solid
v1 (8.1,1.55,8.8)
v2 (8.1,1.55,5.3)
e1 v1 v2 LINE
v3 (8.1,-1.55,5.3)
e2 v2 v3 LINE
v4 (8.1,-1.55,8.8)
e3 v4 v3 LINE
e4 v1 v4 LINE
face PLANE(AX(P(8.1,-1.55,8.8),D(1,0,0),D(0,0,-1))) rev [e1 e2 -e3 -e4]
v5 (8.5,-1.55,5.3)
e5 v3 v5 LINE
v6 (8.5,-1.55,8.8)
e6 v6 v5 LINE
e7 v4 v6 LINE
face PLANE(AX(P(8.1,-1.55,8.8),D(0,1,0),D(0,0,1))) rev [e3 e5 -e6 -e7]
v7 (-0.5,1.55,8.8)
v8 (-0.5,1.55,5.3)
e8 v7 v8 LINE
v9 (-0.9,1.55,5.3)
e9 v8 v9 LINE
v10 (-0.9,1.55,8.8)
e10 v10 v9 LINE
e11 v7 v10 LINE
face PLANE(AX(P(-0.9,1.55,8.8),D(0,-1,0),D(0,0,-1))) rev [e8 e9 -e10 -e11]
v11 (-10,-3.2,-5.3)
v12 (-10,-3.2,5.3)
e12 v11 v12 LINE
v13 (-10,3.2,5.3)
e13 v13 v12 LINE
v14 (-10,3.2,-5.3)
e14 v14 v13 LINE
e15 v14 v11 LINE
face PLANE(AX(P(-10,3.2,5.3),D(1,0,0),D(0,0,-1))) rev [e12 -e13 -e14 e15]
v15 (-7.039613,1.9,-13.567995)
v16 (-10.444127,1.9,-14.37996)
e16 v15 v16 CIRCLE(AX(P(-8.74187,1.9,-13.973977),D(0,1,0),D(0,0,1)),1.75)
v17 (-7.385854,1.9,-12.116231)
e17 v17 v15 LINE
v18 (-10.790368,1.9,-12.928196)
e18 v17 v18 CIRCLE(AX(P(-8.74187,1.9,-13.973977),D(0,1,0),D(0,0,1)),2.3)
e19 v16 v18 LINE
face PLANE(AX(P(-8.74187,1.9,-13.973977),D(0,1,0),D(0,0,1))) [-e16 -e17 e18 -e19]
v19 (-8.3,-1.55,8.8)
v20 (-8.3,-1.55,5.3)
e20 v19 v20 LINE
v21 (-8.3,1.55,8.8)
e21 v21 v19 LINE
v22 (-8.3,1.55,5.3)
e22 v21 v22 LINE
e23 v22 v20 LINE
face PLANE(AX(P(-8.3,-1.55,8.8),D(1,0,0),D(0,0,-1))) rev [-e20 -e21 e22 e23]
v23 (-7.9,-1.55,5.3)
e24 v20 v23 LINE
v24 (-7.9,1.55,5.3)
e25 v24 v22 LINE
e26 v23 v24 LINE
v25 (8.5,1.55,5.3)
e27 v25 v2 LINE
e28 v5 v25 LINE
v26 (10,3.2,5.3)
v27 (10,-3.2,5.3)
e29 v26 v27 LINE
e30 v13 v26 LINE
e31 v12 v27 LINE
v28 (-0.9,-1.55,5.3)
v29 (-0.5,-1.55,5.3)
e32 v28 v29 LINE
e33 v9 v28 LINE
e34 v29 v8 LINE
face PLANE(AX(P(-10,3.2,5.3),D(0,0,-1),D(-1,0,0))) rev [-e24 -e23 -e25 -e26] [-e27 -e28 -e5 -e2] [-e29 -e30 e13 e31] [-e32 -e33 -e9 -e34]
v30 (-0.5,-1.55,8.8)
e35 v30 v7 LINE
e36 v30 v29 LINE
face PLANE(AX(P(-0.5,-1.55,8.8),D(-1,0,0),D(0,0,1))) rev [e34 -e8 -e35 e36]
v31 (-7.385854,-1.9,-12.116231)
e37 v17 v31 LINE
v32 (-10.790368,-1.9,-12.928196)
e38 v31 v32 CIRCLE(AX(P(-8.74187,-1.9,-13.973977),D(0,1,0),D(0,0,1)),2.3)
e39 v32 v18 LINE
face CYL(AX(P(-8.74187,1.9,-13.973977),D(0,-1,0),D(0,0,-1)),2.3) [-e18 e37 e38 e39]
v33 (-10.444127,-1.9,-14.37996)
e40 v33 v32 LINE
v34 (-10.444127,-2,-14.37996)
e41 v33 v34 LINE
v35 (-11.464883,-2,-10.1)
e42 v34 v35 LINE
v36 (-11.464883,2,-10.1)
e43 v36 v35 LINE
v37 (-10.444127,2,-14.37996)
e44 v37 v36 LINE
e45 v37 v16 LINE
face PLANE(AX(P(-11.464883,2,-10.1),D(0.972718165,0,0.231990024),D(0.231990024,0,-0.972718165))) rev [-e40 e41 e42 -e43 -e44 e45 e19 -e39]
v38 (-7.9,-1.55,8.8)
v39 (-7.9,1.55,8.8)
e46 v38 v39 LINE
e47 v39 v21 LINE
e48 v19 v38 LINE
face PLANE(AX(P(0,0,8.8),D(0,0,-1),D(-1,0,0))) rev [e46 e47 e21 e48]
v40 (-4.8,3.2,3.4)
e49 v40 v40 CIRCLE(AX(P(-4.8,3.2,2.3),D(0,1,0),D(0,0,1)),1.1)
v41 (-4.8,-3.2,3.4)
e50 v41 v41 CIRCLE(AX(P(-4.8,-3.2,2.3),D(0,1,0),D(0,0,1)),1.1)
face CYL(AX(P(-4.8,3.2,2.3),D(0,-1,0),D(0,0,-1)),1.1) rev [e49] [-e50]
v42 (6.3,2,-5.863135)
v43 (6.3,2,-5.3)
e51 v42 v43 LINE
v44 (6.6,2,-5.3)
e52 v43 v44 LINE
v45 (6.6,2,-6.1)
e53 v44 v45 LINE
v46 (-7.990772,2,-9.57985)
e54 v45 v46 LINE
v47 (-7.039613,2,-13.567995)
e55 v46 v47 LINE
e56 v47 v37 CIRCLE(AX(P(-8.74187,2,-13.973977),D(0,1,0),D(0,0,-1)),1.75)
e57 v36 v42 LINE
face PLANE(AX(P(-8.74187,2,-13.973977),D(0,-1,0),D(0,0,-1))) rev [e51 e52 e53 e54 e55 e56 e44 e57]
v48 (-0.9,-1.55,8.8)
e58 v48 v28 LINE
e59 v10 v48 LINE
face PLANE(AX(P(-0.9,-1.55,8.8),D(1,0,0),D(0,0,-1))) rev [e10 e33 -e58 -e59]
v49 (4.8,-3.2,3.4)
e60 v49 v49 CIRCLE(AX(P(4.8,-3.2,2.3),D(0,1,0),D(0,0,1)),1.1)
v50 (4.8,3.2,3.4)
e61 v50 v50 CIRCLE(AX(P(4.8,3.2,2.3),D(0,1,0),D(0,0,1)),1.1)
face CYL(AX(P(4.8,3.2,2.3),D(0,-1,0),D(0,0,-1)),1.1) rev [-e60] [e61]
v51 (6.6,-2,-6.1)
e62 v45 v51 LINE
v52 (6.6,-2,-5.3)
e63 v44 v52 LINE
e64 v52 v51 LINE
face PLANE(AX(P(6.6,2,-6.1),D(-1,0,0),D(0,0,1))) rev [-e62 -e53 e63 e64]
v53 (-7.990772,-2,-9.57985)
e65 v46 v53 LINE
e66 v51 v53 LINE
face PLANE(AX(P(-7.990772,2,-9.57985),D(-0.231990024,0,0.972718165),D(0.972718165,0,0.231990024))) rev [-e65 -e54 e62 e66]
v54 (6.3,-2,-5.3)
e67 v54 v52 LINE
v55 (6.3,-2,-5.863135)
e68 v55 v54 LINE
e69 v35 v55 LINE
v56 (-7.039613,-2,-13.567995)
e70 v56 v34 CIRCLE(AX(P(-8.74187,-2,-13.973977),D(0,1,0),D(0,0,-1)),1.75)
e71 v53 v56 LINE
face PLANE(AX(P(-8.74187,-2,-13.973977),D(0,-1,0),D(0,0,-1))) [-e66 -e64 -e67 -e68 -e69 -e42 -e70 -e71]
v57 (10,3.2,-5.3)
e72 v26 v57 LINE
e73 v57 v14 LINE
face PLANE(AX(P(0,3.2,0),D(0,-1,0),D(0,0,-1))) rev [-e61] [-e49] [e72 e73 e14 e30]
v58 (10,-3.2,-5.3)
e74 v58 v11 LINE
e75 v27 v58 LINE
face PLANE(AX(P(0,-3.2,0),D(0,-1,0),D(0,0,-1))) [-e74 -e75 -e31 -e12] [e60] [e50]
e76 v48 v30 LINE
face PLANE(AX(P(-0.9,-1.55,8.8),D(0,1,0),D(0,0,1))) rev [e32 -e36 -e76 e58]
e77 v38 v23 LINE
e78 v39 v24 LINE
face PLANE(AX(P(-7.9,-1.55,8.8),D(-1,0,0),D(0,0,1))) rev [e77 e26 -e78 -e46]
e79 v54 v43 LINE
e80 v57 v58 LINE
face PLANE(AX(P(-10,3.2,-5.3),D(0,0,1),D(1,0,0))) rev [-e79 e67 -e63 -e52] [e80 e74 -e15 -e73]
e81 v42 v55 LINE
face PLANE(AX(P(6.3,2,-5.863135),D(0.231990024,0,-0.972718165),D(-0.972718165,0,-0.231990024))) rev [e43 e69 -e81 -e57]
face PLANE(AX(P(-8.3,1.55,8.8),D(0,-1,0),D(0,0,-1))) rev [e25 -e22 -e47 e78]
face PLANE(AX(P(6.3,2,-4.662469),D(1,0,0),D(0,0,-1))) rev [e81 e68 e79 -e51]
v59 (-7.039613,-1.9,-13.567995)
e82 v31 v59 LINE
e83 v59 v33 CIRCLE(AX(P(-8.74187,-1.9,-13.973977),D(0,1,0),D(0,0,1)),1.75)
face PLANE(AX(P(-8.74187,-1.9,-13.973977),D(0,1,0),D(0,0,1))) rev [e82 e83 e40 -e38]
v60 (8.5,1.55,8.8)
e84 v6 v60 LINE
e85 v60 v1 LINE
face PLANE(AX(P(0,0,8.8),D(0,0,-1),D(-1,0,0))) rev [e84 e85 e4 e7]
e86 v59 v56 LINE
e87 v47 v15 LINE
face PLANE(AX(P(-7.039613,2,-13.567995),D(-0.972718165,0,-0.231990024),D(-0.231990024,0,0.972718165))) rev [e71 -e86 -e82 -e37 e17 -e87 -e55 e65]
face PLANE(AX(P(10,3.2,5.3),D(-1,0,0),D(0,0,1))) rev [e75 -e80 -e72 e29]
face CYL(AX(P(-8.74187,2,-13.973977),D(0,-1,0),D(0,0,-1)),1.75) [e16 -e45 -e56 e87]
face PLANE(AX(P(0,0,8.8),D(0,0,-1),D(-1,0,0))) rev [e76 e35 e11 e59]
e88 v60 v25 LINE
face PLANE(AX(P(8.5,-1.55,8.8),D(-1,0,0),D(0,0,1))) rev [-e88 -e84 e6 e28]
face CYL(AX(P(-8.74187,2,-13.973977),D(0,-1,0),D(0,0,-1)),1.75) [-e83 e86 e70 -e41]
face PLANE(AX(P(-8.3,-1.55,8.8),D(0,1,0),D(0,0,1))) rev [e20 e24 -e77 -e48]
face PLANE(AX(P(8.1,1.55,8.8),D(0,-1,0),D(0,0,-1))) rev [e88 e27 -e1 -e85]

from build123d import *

# Parameters (mm, degrees)
SKETCH_1_W      = 20
SKETCH_1_H      = 10.6
SKETCH_1_R      = 1.1
EXTRUDE_1_DEPTH = 3.2
SKETCH_3_W      = 0.4
SKETCH_3_H      = 3.1
EXTRUDE_2_DEPTH = 3.5
EXTRUDE_3_DEPTH = 2
SKETCH_5_R      = 2.3
EXTRUDE_4_DEPTH = 1.9


with BuildPart() as part:
    # 草图1 → 凸台-拉伸1 (new body, symmetric)
    with BuildSketch(Plane(origin=(0, 0, 0), x_dir=(1, 0, 0), z_dir=(0, 1, 0))):
        Rectangle(SKETCH_1_W, SKETCH_1_H)
        with Locations((-4.8, -2.3)):
            Circle(SKETCH_1_R, mode=Mode.SUBTRACT)
        with Locations((4.8, -2.3)):
            Circle(SKETCH_1_R, mode=Mode.SUBTRACT)
    extrude(amount=EXTRUDE_1_DEPTH, both=True)

    # 草图3 → 凸台-拉伸2 (add)
    with BuildSketch(Plane.XY.offset(5.3)):
        with Locations((-8.1, 0)):
            Rectangle(SKETCH_3_W, SKETCH_3_H)
        with Locations((-0.7, 0)):
            Rectangle(SKETCH_3_W, SKETCH_3_H)
        with Locations((8.3, 0)):
            Rectangle(SKETCH_3_W, SKETCH_3_H)
    extrude(amount=EXTRUDE_2_DEPTH)

    # 草图4 → 凸台-拉伸3 (add, symmetric)
    with BuildSketch(Plane(origin=(0, 0, 0), x_dir=(1, 0, 0), z_dir=(0, 1, 0))):
        with BuildLine():
            Line((6.3, 4.662469082), (6.3, 5.863134893))
            Line((6.3, 5.863134893), (-11.464883061, 10.1))
            Line((-11.464883061, 10.1), (-10.444126954, 14.379959926))
            ThreePointArc((-10.444126954, 14.379959926), (-8.335887623, 15.676234173), (-7.039613376, 13.567994841))
            Line((-7.039613376, 13.567994841), (-7.990772476, 9.579850364))
            Line((-7.990772476, 9.579850364), (6.6, 6.1))
            Line((6.6, 6.1), (6.6, 4.662469082))
            Line((6.6, 4.662469082), (6.3, 4.662469082))
        make_face()
    extrude(amount=EXTRUDE_3_DEPTH, both=True)

    # 草图5 → 凸台-拉伸4 (add, symmetric)
    with BuildSketch(Plane(origin=(0, 0, 0), x_dir=(1, 0, 0), z_dir=(0, 1, 0))):
        with Locations((-8.741870165, 13.973977384)):
            Circle(SKETCH_5_R)
    extrude(amount=EXTRUDE_4_DEPTH, both=True)


solid = part.part
